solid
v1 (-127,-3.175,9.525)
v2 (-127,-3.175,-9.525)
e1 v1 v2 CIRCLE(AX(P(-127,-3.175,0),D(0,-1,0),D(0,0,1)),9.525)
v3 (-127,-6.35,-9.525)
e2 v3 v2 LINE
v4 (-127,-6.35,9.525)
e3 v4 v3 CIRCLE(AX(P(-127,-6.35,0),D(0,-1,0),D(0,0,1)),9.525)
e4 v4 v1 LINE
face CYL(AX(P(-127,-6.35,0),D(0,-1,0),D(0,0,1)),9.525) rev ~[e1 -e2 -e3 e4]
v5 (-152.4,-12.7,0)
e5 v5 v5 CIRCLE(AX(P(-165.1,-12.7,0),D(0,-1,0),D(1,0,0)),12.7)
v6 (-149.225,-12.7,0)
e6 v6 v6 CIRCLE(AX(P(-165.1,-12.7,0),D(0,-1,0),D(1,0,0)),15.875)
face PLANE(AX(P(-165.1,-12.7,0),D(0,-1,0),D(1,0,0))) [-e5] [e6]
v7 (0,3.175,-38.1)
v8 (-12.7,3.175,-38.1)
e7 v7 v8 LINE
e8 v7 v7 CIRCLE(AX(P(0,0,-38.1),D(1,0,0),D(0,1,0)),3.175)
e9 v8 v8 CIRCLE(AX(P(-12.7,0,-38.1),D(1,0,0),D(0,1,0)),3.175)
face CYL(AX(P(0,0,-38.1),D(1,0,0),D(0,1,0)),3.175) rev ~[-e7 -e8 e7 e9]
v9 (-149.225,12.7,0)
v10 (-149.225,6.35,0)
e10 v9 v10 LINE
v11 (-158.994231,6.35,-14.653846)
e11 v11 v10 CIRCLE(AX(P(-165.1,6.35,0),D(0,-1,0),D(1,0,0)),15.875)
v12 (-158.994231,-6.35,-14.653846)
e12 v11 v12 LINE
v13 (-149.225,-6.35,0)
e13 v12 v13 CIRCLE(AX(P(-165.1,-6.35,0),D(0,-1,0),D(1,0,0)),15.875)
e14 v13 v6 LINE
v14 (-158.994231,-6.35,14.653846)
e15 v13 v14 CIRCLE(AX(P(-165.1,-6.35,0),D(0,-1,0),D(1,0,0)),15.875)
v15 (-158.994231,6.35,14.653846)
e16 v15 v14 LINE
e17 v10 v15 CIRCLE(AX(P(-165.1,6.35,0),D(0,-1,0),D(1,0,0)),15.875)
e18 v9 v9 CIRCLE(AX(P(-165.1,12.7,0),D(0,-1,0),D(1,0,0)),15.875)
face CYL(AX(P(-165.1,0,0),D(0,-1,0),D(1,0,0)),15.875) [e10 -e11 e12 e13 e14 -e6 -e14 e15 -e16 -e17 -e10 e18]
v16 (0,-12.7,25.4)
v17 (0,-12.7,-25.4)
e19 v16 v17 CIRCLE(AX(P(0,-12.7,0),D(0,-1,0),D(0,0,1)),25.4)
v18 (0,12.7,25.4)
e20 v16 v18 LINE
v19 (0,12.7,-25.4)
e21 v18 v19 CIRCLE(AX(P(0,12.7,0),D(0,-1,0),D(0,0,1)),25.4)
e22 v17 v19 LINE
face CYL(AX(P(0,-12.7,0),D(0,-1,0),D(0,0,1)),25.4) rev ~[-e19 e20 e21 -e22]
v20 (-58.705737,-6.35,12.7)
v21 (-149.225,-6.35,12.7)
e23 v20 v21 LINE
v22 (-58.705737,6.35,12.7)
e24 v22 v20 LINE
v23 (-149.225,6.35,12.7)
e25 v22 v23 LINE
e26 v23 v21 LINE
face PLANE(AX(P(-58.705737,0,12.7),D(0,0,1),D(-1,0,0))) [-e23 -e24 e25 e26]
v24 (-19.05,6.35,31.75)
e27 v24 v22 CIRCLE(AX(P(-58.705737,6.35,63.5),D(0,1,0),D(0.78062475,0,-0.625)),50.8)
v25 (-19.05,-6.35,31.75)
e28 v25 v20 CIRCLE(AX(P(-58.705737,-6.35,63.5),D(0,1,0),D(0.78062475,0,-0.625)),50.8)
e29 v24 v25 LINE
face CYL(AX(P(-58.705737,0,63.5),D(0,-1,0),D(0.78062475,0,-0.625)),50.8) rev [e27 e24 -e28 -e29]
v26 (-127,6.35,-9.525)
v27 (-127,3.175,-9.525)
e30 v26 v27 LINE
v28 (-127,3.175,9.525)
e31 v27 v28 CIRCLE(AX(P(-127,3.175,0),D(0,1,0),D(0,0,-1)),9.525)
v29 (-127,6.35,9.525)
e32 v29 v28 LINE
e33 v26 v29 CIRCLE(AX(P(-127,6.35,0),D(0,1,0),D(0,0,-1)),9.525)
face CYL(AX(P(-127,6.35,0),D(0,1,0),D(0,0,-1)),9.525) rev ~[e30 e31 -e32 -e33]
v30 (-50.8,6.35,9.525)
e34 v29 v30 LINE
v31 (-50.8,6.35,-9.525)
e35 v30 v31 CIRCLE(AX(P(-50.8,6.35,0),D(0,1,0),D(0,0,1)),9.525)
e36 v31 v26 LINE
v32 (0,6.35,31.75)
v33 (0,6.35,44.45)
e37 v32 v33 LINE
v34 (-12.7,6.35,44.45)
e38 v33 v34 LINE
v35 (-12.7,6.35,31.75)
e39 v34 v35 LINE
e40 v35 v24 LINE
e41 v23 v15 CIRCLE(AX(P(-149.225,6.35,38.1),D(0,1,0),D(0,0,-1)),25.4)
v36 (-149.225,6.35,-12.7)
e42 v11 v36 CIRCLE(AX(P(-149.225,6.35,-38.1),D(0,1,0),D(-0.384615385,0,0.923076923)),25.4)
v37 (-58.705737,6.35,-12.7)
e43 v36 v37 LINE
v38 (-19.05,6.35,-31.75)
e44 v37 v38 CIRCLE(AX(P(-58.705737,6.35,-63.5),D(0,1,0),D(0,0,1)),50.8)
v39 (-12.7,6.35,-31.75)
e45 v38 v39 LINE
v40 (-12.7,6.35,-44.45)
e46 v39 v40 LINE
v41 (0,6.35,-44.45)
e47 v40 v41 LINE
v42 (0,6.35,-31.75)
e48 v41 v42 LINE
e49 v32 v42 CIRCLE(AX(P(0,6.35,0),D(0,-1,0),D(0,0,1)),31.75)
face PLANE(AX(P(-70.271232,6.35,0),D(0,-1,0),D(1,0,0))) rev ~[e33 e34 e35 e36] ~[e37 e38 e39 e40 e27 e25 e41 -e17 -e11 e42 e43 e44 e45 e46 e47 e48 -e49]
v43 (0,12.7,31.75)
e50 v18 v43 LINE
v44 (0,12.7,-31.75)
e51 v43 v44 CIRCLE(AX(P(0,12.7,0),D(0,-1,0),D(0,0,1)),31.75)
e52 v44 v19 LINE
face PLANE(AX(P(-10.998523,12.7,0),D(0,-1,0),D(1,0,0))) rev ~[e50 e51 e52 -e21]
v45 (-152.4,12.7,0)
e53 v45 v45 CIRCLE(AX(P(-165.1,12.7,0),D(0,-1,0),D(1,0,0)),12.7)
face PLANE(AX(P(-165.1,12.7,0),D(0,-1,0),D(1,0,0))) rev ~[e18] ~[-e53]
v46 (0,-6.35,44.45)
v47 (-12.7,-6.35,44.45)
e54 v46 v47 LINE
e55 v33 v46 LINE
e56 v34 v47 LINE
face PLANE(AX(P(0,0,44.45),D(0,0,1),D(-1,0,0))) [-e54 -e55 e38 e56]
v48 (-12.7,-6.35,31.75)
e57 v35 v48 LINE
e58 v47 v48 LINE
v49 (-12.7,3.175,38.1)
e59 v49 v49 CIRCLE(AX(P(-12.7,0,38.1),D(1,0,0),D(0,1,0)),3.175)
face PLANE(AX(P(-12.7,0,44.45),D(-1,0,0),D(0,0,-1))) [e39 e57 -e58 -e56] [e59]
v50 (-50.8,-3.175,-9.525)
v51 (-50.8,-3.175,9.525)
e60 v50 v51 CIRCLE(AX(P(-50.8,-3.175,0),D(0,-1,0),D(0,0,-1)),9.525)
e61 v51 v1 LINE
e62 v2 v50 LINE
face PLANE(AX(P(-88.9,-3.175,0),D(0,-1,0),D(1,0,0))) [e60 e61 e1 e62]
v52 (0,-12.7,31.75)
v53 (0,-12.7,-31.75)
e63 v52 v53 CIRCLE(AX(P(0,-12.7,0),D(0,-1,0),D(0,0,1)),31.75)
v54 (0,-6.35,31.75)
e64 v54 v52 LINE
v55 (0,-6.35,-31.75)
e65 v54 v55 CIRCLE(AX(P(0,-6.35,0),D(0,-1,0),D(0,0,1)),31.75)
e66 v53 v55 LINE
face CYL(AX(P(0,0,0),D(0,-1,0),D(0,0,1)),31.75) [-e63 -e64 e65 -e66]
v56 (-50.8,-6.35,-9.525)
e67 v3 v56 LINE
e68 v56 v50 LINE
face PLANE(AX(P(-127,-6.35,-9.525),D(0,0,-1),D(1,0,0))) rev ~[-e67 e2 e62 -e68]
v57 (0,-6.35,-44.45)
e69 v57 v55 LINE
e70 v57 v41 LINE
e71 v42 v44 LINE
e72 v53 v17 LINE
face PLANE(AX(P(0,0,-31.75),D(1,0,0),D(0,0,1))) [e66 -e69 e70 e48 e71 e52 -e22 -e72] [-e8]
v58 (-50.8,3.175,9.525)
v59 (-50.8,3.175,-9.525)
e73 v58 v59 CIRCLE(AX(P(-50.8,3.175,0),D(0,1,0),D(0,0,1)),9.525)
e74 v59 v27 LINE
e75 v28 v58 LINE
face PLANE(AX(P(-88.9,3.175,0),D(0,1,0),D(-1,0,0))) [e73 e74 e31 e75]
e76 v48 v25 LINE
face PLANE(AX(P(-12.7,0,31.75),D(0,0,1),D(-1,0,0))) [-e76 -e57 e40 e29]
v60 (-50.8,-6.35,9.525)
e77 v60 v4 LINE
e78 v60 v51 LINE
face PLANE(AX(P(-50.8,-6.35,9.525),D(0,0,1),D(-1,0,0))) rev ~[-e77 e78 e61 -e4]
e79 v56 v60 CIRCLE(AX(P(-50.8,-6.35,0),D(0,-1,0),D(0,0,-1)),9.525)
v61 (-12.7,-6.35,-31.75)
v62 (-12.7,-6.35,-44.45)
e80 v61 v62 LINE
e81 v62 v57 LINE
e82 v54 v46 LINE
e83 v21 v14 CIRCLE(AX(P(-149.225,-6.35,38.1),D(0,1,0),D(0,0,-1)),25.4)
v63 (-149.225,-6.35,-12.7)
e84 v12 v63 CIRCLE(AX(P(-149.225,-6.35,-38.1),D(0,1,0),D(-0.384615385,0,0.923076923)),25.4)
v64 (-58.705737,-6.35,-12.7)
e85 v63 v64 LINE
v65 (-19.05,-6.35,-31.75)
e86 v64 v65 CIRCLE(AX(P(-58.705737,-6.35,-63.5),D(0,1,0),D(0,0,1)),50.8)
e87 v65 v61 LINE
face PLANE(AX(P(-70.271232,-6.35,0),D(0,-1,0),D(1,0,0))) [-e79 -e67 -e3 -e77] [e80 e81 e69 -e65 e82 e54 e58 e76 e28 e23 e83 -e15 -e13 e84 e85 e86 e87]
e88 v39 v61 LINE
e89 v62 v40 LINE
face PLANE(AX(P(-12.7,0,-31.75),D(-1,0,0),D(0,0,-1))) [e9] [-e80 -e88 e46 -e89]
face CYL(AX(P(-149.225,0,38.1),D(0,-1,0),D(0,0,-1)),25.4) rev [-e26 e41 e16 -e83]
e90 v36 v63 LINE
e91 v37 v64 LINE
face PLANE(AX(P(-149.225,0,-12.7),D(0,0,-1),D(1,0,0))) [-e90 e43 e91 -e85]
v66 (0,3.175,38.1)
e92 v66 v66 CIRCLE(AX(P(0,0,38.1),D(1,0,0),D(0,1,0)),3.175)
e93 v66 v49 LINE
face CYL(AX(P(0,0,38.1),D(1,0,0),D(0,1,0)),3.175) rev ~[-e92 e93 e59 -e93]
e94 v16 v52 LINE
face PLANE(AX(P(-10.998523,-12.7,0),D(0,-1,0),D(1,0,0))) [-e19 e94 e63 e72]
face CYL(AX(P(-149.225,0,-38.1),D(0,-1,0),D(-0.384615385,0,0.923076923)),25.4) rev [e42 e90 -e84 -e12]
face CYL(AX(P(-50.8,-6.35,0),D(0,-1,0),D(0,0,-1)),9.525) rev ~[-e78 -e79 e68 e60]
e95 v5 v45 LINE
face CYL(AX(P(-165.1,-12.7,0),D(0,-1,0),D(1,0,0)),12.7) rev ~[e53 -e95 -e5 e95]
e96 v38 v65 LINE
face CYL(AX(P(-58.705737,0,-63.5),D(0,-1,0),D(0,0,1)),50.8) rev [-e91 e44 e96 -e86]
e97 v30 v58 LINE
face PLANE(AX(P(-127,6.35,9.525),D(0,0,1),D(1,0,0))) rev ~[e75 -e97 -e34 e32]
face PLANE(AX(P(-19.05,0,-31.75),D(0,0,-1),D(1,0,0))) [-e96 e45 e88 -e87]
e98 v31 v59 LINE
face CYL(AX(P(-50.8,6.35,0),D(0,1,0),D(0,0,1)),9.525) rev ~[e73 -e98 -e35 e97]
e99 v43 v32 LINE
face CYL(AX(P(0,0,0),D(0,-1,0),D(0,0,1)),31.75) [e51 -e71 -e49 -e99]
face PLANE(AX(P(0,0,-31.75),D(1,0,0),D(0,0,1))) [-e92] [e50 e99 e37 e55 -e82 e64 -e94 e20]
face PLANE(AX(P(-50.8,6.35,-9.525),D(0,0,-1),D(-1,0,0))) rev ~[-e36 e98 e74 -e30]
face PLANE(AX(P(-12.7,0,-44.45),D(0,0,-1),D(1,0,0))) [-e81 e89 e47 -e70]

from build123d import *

# Parameters (mm, degrees)
F1_DEPTH  = 6.35
F3_DEPTH  = 3.175
F5_DEPTH  = 3.175
F6_R      = 15.875
F7_DEPTH  = 12.7
F9_DEPTH  = 12.7
F11_DEPTH = 25.401
F12_R     = 12.7
F13_DEPTH = 25.401
F14_R     = 3.175
F15_DEPTH = 180.976


with BuildPart() as f1:
    # F0 (on Front) → F1 (new body, symmetric)
    with BuildSketch(Plane.XZ):
        with BuildLine():
            ThreePointArc((0, -25.4), (-25.4, 0), (0, 25.4))
            Line((0, 25.4), (0, 44.45))
            Line((0, 44.45), (-12.7, 44.45))
            Line((-12.7, 44.45), (-12.7, 31.75))
            Line((-12.7, 31.75), (-19.05, 31.75))
            ThreePointArc((-19.05, 31.75), (-36.7086920337, 17.7094988016), (-58.7057372898, 12.7))
            Line((-58.7057372898, 12.7), (-149.225, 12.7))
            ThreePointArc((-149.225, 12.7), (-154.2063498325, 13.1932508375), (-158.9942307692, 14.6538461538))
            ThreePointArc((-158.9942307692, 14.6538461538), (-180.975, 0), (-158.9942307692, -14.6538461538))
            ThreePointArc((-158.9942307692, -14.6538461538), (-154.2063498325, -13.1932508375), (-149.225, -12.7))
            Line((-149.225, -12.7), (-58.7057372898, -12.7))
            ThreePointArc((-58.7057372898, -12.7), (-36.7086920337, -17.7094988016), (-19.05, -31.75))
            Line((-19.05, -31.75), (-12.7, -31.75))
            Line((-12.7, -31.75), (-12.7, -44.45))
            Line((-12.7, -44.45), (0, -44.45))
            Line((0, -44.45), (0, -25.4))
        make_face()
    extrude(amount=F1_DEPTH, both=True)

    # F2 (on face) → F3 (cut)
    with BuildSketch(Plane.XZ.offset(6.35)):
        with BuildLine():
            ThreePointArc((-127, 9.525), (-136.525, 0), (-127, -9.525))
            Line((-127, -9.525), (-50.8, -9.525))
            ThreePointArc((-50.8, -9.525), (-41.275, 0), (-50.8, 9.525))
            Line((-50.8, 9.525), (-127, 9.525))
        make_face()
    extrude(amount=-F3_DEPTH, mode=Mode.SUBTRACT)

    # F4 (on face) → F5 (cut)
    with BuildSketch(Plane(origin=(0, 6.35, 0), x_dir=(-1, 0, 0), z_dir=(0, 1, 0))):
        with BuildLine():
            ThreePointArc((50.8, 9.525), (41.275, 0), (50.8, -9.525))
            Line((50.8, -9.525), (127, -9.525))
            ThreePointArc((127, -9.525), (136.525, 0), (127, 9.525))
            Line((127, 9.525), (50.8, 9.525))
        make_face()
    extrude(amount=-F5_DEPTH, mode=Mode.SUBTRACT)

    # F6 (on Front) → F7 (join, symmetric)
    with BuildSketch(Plane.XZ):
        with Locations((-165.1, 0)):
            Circle(F6_R)
    extrude(amount=F7_DEPTH, both=True)

    # F8 (on Front) → F9 (join, symmetric)
    with BuildSketch(Plane.XZ):
        with BuildLine():
            Line((0, -31.75), (0, 31.75))
            ThreePointArc((0, 31.75), (-31.75, 0), (0, -31.75))
        make_face()
    extrude(amount=F9_DEPTH, both=True)

    # F10 (on face) → F11 (cut, through all)
    with BuildSketch(Plane.XZ.offset(12.7)):
        with BuildLine():
            Line((0, -25.4), (0, 25.4))
            ThreePointArc((0, 25.4), (-25.4, 0), (0, -25.4))
        make_face()
    extrude(amount=-F11_DEPTH, mode=Mode.SUBTRACT)

    # F12 (on face) → F13 (cut, through all)
    with BuildSketch(Plane.XZ.offset(12.7)):
        with Locations((-165.1, 0)):
            Circle(F12_R)
    extrude(amount=-F13_DEPTH, mode=Mode.SUBTRACT)

    # F14 (on Right) → F15 (cut, through all)
    with BuildSketch(Plane.YZ):
        with Locations((0, 38.1)):
            Circle(F14_R)
        with Locations((0, -38.1)):
            Circle(F14_R)
    extrude(amount=-F15_DEPTH, mode=Mode.SUBTRACT)


solid = f1.part
